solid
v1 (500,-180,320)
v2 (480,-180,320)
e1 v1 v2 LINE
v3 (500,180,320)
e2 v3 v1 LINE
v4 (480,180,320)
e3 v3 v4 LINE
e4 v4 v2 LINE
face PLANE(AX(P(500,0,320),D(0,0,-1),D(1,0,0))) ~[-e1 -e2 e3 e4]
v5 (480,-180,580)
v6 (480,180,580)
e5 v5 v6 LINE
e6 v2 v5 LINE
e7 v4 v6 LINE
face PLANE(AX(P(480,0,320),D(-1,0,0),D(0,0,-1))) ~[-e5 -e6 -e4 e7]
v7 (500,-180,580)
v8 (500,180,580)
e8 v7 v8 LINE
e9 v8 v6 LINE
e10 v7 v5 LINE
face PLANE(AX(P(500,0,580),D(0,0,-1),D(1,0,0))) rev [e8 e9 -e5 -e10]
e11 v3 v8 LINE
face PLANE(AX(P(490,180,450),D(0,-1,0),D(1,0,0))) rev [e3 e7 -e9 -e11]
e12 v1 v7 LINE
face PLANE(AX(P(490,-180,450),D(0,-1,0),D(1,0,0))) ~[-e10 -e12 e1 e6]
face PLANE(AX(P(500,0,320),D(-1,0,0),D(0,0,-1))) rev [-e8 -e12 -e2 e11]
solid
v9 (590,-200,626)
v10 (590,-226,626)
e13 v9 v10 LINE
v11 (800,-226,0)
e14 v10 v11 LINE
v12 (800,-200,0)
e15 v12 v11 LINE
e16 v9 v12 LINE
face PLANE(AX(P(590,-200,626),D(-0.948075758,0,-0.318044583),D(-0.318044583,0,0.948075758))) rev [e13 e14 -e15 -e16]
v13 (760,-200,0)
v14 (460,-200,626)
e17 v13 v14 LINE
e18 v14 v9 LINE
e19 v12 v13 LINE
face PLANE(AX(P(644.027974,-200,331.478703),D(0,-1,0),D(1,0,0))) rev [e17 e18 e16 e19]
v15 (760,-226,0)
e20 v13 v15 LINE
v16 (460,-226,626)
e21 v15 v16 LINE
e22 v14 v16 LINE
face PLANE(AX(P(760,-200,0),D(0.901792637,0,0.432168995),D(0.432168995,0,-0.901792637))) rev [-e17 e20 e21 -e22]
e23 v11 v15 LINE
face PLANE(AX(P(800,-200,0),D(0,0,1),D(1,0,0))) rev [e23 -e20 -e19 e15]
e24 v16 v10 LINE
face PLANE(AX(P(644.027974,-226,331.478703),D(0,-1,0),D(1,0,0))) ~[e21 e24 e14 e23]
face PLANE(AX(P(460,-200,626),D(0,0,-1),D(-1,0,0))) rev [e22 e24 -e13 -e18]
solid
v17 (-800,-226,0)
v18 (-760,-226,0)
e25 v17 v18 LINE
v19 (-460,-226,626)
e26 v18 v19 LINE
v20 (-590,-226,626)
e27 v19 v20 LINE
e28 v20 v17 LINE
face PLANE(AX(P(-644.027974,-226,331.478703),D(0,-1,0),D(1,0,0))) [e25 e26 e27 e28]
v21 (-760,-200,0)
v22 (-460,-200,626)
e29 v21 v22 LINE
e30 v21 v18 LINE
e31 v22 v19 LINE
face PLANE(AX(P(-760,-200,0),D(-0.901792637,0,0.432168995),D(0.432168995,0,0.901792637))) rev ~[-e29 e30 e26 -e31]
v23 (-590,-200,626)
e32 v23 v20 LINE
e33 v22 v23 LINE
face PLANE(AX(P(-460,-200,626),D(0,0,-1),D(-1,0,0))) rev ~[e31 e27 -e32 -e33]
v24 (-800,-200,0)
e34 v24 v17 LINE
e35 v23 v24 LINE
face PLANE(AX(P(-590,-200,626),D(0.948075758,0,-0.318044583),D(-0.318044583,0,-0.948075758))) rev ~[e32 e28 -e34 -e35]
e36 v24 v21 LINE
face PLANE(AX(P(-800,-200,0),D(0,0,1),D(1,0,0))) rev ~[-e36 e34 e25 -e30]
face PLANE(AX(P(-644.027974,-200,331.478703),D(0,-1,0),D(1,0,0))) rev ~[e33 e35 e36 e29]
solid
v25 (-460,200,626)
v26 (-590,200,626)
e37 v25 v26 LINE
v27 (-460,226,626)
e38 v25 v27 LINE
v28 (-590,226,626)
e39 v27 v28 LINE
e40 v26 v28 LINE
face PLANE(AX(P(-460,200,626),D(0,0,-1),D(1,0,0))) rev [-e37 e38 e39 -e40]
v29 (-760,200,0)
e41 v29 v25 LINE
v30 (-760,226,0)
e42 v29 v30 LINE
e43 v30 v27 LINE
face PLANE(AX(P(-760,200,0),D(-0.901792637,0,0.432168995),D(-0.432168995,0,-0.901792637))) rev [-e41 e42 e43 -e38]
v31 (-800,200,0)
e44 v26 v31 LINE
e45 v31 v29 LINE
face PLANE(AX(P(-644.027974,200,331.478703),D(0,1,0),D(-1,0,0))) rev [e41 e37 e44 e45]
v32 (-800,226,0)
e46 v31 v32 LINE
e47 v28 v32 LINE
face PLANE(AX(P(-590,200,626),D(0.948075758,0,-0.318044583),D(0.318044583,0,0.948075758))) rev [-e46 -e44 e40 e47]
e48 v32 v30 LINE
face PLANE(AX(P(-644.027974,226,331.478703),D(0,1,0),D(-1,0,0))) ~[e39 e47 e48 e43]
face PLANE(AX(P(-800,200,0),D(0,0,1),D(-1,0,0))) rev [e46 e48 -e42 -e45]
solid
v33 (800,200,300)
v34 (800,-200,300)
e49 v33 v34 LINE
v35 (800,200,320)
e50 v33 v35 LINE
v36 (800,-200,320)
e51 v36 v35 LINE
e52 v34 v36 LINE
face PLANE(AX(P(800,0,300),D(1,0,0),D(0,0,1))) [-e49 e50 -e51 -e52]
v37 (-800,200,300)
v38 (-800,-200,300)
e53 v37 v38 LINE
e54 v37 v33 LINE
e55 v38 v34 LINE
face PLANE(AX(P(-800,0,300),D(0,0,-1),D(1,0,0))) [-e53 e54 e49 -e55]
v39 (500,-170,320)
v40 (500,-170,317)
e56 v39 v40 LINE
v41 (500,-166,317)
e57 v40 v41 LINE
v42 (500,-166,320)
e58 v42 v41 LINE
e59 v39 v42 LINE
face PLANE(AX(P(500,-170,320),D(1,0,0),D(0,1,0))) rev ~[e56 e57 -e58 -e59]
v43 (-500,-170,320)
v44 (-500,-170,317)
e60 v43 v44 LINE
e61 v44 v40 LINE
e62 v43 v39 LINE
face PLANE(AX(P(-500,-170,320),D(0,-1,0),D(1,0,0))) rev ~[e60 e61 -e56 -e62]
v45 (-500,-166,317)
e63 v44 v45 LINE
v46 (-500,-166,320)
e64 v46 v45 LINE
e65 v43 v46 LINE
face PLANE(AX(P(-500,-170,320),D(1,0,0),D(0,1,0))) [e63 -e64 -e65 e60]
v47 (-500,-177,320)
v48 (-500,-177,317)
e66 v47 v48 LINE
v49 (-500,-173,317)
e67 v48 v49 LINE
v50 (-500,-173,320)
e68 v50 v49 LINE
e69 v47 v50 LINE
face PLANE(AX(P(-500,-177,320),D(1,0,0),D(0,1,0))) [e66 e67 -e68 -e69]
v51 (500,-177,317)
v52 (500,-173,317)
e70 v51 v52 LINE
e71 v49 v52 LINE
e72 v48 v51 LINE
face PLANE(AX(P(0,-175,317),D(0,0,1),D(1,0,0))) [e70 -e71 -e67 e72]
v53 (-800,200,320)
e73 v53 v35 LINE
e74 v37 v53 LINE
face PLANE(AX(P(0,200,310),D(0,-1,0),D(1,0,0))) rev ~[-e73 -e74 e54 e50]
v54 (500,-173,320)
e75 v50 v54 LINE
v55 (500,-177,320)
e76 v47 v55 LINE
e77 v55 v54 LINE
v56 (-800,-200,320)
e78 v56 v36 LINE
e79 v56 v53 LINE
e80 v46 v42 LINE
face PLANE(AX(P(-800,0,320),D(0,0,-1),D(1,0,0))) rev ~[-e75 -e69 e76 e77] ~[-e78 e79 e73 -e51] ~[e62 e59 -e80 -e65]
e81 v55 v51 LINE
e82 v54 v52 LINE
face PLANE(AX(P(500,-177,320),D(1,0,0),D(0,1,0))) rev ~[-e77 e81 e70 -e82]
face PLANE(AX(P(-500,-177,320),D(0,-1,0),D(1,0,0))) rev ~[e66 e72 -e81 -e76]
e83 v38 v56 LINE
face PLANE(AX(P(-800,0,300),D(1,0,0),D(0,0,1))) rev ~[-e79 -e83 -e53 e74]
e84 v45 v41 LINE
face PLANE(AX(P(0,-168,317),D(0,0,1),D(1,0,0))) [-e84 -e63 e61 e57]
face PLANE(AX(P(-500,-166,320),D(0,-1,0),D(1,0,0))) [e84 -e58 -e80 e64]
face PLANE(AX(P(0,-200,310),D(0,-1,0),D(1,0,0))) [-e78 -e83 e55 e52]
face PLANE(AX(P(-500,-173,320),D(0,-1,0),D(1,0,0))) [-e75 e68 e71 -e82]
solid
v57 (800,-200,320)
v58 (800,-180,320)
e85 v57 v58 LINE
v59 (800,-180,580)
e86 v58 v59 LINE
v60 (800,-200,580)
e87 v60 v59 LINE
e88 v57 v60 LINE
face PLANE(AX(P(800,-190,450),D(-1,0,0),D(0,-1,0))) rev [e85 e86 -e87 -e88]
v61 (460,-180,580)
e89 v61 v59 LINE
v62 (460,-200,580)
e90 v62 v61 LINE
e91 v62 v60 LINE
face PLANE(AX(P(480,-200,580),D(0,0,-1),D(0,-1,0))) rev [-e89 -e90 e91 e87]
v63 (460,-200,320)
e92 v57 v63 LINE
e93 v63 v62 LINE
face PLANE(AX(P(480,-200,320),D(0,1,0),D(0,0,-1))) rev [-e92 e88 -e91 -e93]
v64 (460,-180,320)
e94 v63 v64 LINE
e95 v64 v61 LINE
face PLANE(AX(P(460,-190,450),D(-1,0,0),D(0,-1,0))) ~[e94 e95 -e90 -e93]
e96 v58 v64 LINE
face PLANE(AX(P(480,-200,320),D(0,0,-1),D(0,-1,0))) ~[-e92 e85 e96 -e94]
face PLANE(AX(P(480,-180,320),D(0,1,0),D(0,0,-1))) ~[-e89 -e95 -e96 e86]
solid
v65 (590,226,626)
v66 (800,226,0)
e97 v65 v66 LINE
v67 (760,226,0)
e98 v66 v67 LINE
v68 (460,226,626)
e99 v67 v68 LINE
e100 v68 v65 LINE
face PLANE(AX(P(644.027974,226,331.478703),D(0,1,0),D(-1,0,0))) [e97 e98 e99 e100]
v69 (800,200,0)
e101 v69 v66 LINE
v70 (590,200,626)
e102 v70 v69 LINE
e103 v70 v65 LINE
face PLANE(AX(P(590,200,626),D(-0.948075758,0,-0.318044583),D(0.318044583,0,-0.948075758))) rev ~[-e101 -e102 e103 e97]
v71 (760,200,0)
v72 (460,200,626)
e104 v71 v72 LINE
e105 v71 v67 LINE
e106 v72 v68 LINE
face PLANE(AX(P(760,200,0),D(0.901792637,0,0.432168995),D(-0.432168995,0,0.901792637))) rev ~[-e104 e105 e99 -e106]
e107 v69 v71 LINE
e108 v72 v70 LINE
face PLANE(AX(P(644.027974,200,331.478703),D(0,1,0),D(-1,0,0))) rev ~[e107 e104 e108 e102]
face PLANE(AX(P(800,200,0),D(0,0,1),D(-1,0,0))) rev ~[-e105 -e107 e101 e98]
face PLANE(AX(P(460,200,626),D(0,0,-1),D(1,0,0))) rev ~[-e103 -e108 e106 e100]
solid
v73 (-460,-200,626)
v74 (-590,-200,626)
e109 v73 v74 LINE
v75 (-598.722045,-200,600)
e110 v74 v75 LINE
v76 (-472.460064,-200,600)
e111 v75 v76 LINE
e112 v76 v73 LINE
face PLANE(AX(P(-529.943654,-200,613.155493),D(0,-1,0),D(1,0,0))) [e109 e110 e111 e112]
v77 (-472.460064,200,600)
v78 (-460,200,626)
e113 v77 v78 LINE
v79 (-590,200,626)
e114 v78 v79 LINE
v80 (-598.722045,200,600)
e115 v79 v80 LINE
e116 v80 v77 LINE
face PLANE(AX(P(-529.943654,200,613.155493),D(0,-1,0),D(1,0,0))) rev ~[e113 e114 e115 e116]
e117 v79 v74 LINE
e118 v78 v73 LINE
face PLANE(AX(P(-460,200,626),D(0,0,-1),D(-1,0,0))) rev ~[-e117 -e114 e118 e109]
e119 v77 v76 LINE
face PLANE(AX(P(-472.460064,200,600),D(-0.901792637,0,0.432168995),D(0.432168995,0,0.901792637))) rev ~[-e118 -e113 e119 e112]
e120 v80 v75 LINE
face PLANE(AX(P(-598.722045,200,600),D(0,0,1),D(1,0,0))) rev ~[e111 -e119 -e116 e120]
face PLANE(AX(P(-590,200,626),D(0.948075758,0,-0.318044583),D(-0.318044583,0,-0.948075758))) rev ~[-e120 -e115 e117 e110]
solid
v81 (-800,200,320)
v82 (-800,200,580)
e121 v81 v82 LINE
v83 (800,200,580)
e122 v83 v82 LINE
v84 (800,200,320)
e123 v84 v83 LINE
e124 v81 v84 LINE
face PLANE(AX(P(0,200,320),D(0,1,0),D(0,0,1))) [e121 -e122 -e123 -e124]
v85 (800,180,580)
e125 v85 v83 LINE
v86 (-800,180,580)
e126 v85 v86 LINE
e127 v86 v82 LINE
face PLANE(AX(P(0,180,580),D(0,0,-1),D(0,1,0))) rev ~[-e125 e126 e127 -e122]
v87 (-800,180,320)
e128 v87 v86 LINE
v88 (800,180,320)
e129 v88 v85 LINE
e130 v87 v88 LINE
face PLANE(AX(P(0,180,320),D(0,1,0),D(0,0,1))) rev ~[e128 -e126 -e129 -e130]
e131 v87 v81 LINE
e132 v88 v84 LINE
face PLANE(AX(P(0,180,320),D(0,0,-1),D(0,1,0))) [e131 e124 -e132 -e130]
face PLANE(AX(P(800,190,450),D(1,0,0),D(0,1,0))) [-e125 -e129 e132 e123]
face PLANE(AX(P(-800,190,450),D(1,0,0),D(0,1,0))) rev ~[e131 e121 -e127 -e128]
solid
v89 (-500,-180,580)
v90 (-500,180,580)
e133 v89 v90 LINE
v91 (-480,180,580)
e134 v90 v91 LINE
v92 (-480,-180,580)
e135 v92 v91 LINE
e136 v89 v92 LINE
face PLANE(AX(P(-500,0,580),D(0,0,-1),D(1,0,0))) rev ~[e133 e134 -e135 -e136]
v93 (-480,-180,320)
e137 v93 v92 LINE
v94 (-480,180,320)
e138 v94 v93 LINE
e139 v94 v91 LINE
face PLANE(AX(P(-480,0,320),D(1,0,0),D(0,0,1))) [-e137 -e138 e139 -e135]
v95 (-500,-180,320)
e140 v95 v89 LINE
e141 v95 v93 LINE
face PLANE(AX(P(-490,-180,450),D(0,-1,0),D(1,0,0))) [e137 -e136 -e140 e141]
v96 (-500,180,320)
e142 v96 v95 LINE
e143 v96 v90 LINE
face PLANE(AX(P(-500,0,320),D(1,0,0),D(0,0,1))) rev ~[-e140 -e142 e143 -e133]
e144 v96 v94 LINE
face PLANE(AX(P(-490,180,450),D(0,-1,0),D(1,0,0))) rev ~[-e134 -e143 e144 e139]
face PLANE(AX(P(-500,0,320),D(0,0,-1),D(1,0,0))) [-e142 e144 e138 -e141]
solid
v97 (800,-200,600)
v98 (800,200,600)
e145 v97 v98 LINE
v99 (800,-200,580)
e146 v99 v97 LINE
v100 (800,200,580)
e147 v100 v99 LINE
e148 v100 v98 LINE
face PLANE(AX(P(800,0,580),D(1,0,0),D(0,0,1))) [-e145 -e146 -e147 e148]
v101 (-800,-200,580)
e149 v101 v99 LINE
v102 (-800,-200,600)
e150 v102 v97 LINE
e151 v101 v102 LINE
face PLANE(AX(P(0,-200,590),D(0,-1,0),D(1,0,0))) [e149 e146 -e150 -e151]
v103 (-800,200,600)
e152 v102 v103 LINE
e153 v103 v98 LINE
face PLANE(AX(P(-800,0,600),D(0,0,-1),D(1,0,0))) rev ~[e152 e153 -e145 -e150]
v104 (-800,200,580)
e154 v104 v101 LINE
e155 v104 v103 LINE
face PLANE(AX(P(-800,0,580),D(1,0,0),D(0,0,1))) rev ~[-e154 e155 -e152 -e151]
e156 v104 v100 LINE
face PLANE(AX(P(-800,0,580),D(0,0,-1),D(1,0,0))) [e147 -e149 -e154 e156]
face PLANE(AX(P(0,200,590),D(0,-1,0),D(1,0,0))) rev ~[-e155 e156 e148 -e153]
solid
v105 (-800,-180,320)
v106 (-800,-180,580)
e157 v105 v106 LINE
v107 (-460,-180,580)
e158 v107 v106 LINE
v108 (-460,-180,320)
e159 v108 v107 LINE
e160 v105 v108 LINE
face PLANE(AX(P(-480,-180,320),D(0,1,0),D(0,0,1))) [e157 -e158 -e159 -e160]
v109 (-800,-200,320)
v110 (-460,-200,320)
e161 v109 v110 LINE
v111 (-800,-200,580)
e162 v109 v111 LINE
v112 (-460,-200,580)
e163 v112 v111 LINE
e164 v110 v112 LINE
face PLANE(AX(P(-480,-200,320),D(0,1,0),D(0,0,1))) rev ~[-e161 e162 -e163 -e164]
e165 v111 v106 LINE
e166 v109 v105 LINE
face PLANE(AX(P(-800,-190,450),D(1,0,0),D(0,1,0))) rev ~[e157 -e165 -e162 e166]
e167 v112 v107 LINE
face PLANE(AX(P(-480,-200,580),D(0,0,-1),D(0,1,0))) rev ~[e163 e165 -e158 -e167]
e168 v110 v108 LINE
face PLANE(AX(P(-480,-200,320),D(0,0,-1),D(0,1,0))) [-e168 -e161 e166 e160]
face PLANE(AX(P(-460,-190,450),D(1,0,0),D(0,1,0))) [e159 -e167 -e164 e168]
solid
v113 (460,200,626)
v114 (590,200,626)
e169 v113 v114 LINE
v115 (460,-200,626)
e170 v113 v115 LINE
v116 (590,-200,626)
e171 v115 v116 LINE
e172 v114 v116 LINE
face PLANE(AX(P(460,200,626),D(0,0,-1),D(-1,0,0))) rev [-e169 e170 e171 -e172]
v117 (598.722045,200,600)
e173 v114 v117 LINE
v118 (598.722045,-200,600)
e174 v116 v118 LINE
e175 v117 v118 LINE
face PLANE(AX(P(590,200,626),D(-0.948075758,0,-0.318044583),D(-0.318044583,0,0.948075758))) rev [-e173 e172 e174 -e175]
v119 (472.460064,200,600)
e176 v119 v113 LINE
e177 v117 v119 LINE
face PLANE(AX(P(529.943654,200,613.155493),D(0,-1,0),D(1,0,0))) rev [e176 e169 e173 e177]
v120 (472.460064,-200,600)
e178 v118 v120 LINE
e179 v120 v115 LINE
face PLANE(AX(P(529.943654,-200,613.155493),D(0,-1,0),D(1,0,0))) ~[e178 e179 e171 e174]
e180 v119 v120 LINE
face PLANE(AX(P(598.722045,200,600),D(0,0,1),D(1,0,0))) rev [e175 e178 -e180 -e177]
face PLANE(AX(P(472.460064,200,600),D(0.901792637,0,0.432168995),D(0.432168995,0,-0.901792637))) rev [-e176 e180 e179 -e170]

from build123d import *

# Parameters (mm, degrees)
F5_W           = 1600
F5_H           = 20
F6_DEPTH       = 200
F7_W           = 20
F7_H           = 260
F8_DEPTH       = 800
F9_W           = 20
F9_H           = 260
F10_DEPTH      = 180
F12_W          = 20
F12_H          = 260
F13_DEPTH      = 20
F13_DEPTH_BACK = 320
F15_W          = 1000
F15_H          = 4
F16_DEPTH      = 3
F18_DEPTH      = 26
F23_DEPTH      = 400


with BuildPart() as f6:
    # F5 (on Front) → F6 (new body, symmetric)
    with BuildSketch(Plane.XZ):
        with Locations((0, 590)):
            Rectangle(F5_W, F5_H)
    extrude(amount=F6_DEPTH, both=True)


with BuildPart() as f6b:
    # F5 (on Front) → F6, piece 2 (new body, symmetric)
    with BuildSketch(Plane.XZ):
        with Locations((0, 310)):
            Rectangle(F5_W, F5_H)
    extrude(amount=F6_DEPTH, both=True)

    # F15 (on face) → F16 (cut)
    with BuildSketch(Plane.XY.offset(320)):
        with Locations((0, -175)):
            Rectangle(F15_W, F15_H)
        with Locations((0, -168)):
            Rectangle(F15_W, F15_H)
    extrude(amount=-F16_DEPTH, mode=Mode.SUBTRACT)


with BuildPart() as f8:
    # F7 (on Right) → F8 (new body, symmetric)
    with BuildSketch(Plane.YZ):
        with Locations((190, 450)):
            Rectangle(F7_W, F7_H)
    extrude(amount=F8_DEPTH, both=True)


with BuildPart() as f10:
    # F9 (on Front) → F10 (new body, symmetric)
    with BuildSketch(Plane.XZ):
        with Locations((-490, 450)):
            Rectangle(F9_W, F9_H)
    extrude(amount=F10_DEPTH, both=True)


with BuildPart() as f11_1:
    # F11: instance of F10
    add(f10.part.mirror(Plane.YZ))


with BuildPart() as f13:
    # F12 (on face) → F13 (new body, two sides)
    with BuildSketch(Plane.YZ.offset(-480)) as f13_sk:
        with Locations((-190, 450)):
            Rectangle(F12_W, F12_H)
    extrude(amount=F13_DEPTH)
    extrude(f13_sk.sketch, amount=-F13_DEPTH_BACK)


with BuildPart() as f14_1:
    # F14: instance of F13
    add(f13.part.mirror(Plane.YZ))


with BuildPart() as f18:
    # F17 (on face) → F18 (new body)
    with BuildSketch(Plane.XZ.offset(200)):
        Polygon((-590, 626), (-800, 0), (-760, 0), (-460, 626), align=None)
    extrude(amount=F18_DEPTH)


with BuildPart() as f19_1:
    # F19: instance of F18
    add(f18.part.mirror(Plane.YZ))


with BuildPart() as f20_1:
    # F20: instance of F18
    add(f18.part.mirror(Plane.XZ))


with BuildPart() as f21_1:
    # F21: instance of F19_1
    add(f19_1.part.mirror(Plane.XZ))


with BuildPart() as f23:
    # F22 (on face) → F23 (new body, through all)
    with BuildSketch(Plane.XZ.offset(-200)):
        Polygon((-590, 626), (-598.7220447285, 600), (-472.4600638978, 600), (-460, 626), align=None)
    extrude(amount=F23_DEPTH)


with BuildPart() as f24_1:
    # F24: instance of F23
    add(f23.part.mirror(Plane.YZ))


solid = Compound([f6.part, f6b.part, f8.part, f10.part, f11_1.part, f13.part, f14_1.part, f18.part, f19_1.part, f20_1.part, f21_1.part, f23.part, f24_1.part])
